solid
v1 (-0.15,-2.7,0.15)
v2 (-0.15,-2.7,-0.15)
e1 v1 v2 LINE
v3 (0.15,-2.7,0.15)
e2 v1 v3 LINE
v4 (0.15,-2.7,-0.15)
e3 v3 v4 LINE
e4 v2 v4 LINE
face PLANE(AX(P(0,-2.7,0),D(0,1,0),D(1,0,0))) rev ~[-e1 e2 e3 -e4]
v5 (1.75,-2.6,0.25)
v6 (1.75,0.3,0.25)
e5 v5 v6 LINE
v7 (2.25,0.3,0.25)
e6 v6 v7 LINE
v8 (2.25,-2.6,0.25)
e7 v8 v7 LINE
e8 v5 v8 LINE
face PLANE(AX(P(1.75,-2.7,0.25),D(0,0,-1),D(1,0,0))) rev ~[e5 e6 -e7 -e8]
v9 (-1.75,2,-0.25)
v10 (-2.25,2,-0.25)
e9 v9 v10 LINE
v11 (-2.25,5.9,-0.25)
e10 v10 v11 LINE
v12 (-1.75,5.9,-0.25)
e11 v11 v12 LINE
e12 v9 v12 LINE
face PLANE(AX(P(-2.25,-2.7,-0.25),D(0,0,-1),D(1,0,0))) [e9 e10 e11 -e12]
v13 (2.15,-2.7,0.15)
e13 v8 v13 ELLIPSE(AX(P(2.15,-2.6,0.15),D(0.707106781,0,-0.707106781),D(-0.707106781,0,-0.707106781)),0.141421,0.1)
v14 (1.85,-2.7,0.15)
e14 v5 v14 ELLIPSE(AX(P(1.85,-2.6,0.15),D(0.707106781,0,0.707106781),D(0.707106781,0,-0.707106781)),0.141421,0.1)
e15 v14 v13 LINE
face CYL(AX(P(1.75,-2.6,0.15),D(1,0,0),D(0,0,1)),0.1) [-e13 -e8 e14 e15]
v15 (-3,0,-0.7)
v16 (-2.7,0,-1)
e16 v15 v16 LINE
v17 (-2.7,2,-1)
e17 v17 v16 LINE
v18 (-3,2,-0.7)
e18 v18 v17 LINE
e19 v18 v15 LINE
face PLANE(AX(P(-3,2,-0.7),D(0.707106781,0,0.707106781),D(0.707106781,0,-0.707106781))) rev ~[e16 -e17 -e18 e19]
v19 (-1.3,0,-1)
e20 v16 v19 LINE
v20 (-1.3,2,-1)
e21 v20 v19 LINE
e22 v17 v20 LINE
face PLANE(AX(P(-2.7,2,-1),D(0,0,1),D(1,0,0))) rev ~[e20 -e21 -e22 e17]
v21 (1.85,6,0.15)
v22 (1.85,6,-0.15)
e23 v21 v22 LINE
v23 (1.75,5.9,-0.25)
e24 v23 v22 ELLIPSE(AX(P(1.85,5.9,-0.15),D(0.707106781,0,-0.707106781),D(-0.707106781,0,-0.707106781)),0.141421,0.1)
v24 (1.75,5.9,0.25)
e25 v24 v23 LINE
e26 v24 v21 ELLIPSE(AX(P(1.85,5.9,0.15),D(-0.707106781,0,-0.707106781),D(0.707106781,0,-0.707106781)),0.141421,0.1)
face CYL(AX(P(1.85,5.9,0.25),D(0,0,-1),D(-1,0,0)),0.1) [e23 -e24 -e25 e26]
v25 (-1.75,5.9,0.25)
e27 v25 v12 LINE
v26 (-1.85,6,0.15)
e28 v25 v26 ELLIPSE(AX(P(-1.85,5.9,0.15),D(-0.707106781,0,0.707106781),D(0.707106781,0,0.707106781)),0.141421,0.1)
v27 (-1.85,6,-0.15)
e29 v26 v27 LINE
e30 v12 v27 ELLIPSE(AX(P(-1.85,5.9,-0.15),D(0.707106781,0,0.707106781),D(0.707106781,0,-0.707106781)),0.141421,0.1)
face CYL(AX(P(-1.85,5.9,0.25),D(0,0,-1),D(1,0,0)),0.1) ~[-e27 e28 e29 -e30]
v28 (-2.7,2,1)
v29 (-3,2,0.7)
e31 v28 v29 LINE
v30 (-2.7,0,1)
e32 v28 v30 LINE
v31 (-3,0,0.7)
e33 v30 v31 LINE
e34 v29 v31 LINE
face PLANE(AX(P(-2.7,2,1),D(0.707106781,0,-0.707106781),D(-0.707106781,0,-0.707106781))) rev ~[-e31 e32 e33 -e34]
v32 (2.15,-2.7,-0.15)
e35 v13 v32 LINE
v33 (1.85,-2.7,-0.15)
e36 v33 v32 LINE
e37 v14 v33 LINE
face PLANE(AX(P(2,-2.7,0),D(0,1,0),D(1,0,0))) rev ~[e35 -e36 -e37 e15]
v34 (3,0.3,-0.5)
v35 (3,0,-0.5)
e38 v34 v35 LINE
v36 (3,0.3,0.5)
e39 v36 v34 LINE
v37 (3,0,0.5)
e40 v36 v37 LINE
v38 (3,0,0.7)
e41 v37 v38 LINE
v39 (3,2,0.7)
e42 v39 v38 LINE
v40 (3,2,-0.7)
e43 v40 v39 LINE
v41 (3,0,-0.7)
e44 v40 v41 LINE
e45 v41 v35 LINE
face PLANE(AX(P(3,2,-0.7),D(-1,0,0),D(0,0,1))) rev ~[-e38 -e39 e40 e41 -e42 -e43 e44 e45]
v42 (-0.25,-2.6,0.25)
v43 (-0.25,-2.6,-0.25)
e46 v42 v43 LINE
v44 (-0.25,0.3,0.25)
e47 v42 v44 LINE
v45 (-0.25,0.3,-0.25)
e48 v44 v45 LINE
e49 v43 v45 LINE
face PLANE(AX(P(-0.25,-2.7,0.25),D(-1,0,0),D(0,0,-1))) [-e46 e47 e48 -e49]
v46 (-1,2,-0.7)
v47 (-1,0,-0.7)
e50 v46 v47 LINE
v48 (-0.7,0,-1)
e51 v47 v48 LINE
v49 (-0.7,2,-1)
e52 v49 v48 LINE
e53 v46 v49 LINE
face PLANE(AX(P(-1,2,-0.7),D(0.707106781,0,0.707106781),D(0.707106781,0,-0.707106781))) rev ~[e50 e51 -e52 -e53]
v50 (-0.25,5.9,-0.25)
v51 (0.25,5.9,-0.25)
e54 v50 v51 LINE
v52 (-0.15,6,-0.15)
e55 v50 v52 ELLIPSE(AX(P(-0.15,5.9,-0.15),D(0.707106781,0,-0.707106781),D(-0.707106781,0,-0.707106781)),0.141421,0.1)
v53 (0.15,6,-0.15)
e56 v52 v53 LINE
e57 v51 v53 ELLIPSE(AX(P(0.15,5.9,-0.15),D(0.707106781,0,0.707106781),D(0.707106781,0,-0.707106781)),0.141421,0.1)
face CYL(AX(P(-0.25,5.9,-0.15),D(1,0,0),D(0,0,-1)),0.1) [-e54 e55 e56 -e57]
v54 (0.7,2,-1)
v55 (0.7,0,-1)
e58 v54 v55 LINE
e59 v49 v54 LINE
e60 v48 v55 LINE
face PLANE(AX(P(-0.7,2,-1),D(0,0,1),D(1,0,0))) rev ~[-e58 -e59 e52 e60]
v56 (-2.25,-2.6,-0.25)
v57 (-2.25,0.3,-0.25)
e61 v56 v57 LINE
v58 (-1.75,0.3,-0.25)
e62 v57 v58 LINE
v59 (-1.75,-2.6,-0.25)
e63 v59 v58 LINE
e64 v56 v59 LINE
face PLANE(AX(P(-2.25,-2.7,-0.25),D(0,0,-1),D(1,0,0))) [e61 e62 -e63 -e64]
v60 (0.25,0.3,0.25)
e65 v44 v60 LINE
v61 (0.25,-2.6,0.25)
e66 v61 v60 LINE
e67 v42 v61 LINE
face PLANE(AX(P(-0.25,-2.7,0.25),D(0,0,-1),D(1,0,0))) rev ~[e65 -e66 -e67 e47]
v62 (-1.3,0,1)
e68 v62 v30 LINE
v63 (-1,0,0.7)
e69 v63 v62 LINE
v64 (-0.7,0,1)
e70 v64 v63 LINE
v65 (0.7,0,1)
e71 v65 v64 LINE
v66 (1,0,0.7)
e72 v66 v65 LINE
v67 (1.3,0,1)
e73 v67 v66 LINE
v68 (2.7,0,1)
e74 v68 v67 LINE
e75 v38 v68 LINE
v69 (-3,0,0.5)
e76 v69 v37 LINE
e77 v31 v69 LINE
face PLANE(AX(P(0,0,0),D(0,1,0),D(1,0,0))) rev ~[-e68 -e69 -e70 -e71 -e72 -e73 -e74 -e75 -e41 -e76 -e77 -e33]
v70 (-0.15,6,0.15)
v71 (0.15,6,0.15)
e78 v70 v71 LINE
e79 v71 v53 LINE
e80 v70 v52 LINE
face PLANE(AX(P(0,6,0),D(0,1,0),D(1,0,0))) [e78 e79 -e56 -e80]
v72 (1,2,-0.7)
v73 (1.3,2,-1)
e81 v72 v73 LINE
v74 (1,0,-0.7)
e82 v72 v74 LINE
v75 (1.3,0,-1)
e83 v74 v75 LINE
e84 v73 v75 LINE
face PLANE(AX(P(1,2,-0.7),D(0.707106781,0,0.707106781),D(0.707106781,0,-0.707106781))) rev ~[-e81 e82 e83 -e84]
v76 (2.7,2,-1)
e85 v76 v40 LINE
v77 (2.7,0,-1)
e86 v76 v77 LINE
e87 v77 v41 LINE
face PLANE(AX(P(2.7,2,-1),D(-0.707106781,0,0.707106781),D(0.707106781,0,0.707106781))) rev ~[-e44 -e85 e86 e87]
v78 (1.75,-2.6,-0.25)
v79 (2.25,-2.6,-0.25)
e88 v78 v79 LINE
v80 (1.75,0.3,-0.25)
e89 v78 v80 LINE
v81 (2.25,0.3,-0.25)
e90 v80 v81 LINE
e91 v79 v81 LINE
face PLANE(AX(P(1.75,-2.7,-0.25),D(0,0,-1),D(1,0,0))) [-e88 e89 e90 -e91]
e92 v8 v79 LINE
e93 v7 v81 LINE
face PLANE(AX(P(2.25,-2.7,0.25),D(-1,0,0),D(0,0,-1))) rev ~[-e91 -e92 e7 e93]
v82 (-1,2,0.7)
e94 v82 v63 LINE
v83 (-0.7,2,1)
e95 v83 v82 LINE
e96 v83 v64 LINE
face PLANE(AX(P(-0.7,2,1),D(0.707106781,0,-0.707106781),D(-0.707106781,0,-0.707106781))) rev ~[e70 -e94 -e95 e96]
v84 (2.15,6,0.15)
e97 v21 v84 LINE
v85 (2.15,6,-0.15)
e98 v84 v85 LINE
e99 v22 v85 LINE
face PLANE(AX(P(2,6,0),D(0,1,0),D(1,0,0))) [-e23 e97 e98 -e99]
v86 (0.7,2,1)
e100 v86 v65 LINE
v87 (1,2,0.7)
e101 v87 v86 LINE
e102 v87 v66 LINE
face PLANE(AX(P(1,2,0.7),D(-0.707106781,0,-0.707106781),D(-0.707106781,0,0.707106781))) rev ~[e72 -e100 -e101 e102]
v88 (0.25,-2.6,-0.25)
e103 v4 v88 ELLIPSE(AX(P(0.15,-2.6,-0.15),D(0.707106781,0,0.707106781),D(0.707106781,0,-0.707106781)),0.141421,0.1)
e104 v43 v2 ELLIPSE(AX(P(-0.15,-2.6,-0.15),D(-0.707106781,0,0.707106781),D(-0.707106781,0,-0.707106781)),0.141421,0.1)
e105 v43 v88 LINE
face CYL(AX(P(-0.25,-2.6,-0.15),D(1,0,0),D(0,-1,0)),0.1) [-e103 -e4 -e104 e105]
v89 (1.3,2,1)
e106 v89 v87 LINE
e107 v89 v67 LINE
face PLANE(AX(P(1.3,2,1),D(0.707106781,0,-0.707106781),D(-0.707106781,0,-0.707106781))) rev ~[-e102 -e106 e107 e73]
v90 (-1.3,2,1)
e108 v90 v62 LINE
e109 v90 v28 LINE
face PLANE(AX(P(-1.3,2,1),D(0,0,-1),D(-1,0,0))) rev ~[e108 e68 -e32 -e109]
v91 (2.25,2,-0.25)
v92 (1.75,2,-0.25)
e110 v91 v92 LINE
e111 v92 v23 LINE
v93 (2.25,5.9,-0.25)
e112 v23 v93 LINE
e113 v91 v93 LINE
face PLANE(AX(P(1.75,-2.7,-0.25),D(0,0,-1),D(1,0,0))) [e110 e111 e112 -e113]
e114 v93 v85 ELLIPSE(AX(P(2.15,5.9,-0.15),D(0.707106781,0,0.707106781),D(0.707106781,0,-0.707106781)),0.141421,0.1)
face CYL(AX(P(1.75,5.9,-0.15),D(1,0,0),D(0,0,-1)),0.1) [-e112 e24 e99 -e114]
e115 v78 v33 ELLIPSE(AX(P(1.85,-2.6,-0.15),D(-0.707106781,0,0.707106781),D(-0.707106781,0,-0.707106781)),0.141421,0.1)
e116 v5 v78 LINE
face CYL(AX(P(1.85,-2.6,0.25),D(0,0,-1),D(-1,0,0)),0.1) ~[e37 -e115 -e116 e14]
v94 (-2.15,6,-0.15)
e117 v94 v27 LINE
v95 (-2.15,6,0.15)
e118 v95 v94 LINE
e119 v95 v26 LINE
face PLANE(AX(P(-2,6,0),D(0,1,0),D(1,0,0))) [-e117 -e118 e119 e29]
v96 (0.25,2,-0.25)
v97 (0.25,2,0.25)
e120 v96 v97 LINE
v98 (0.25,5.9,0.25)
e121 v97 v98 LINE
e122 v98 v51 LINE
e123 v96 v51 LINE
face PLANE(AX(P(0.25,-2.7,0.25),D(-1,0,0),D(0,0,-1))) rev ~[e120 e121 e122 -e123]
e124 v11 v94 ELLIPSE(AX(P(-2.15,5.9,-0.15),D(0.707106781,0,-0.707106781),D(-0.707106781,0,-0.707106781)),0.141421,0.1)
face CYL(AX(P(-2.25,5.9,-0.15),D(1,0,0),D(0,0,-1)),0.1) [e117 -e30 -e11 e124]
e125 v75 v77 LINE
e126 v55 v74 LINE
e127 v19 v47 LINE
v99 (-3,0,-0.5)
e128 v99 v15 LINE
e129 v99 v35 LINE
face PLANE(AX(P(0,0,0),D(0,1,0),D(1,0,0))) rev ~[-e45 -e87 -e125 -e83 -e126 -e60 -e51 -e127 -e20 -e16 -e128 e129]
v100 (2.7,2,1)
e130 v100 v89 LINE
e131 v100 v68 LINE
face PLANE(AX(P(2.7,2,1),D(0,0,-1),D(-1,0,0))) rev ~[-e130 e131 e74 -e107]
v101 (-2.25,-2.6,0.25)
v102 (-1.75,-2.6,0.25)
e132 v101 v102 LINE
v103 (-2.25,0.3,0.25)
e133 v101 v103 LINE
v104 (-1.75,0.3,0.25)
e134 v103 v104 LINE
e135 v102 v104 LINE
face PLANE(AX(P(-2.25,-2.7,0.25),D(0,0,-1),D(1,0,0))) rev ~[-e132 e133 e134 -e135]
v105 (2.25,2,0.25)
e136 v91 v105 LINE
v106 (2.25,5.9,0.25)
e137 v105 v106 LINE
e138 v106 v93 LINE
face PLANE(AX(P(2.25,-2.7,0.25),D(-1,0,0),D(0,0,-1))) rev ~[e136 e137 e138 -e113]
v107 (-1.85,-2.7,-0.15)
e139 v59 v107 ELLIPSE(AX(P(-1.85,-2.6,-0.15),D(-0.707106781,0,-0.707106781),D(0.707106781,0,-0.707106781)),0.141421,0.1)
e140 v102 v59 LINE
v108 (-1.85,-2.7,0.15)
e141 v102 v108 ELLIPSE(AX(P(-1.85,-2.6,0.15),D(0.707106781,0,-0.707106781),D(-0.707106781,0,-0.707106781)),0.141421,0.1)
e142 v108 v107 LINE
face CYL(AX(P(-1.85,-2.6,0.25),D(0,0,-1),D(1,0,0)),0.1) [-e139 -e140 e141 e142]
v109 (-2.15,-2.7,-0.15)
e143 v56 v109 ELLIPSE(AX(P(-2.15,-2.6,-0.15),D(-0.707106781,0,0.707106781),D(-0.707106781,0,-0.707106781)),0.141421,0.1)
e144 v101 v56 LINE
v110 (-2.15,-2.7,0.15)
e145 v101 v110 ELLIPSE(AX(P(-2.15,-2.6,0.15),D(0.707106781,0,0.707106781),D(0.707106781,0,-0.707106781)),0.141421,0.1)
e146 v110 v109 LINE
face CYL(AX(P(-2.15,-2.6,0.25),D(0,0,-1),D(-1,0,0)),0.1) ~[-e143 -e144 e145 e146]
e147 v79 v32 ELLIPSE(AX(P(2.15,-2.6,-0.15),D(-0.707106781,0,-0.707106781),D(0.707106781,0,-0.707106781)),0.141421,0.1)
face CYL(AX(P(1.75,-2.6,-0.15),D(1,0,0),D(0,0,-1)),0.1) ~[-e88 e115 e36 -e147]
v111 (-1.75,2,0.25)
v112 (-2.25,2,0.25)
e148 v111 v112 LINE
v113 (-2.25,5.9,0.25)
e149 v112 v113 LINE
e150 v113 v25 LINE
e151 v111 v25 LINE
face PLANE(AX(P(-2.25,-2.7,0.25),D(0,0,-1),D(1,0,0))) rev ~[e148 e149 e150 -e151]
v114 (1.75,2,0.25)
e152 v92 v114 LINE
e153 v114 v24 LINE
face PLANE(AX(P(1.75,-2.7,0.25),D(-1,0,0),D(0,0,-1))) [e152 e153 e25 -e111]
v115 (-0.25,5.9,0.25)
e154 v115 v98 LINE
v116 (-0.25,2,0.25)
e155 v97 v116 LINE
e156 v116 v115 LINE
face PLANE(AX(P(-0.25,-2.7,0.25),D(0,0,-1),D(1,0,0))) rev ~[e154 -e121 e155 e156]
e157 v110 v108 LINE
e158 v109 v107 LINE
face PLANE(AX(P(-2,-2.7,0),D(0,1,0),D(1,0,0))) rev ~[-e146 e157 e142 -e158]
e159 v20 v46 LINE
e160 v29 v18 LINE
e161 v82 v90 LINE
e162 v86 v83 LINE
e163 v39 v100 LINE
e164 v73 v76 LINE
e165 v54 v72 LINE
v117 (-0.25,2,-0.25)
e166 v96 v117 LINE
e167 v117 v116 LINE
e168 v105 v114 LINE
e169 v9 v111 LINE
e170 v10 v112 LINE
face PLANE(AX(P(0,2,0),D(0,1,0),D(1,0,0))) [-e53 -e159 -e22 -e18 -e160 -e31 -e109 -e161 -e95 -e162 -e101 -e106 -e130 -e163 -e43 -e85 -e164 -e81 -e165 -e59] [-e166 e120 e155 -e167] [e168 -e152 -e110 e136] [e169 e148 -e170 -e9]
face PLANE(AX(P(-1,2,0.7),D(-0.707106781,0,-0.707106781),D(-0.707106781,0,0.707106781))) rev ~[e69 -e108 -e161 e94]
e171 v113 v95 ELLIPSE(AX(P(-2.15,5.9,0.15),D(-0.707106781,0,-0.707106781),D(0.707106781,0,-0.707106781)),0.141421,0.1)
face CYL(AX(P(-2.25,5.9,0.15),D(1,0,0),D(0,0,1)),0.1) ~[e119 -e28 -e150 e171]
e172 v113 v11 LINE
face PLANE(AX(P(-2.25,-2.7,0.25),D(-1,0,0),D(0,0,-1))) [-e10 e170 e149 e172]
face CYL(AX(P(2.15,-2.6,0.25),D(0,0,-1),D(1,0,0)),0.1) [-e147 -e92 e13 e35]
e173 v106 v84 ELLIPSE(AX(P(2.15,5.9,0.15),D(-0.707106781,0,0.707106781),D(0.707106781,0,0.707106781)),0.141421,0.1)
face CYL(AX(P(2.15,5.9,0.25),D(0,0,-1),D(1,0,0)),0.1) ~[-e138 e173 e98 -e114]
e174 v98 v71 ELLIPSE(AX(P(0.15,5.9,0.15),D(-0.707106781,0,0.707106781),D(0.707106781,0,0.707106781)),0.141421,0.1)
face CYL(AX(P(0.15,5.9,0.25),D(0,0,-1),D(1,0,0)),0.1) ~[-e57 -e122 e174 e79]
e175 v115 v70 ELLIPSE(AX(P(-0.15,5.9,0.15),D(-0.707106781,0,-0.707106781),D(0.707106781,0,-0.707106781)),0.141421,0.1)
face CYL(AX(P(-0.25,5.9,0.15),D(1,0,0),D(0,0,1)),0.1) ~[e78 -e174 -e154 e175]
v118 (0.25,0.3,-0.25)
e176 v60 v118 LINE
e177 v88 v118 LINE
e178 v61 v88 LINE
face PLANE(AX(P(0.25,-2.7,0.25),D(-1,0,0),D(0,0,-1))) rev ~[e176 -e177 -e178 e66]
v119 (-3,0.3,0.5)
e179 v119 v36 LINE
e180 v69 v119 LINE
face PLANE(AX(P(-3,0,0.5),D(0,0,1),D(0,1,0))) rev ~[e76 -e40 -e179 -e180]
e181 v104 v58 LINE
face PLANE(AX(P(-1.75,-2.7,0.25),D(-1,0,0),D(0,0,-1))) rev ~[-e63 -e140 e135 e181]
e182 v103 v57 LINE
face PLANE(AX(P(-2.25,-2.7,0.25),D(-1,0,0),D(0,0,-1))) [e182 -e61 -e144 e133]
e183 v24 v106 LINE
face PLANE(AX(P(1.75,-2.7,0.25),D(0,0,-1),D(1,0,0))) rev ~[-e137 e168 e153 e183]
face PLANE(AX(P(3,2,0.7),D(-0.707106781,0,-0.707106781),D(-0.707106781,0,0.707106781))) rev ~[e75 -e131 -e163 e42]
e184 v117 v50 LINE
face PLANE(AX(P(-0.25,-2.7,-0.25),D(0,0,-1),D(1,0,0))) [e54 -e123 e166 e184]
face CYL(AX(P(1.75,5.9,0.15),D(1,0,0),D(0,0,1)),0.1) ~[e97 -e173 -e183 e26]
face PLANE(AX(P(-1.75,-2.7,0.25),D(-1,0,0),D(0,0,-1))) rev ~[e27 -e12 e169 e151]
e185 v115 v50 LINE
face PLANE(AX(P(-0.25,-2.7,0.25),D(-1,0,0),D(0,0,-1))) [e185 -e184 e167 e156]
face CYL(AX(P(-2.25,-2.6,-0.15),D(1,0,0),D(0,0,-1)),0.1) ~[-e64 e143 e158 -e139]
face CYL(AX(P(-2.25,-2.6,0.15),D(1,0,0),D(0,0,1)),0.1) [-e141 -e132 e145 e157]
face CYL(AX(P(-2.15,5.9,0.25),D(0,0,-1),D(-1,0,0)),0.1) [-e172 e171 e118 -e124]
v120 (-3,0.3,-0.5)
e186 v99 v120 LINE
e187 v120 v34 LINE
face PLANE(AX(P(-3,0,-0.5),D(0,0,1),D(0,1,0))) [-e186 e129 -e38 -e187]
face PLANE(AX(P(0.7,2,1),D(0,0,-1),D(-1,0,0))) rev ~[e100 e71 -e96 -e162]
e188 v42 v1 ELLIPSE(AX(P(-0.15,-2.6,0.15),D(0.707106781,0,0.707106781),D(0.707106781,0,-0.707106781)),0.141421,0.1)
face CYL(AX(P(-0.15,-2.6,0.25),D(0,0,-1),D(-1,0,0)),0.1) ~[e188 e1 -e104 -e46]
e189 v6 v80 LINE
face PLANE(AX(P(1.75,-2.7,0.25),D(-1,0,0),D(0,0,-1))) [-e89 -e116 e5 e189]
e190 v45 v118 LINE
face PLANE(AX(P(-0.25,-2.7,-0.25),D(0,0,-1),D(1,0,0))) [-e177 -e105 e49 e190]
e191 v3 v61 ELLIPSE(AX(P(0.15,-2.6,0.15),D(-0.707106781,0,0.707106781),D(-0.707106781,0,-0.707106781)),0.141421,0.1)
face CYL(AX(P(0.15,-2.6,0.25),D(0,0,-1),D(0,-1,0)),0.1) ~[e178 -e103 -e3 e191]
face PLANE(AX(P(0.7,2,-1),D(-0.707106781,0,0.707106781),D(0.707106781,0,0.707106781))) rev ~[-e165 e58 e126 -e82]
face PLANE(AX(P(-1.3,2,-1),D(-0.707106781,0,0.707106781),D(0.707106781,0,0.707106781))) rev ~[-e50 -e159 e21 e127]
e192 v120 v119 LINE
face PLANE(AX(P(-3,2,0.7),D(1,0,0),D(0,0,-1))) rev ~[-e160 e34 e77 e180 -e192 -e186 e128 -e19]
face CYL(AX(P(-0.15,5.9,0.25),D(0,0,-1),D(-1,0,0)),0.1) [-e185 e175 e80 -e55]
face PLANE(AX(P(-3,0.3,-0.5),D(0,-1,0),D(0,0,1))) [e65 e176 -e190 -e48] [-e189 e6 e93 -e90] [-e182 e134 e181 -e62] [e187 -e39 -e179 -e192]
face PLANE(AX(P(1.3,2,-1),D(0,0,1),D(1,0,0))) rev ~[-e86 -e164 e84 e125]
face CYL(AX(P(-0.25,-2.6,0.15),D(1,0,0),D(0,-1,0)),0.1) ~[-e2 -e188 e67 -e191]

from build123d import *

# Parameters (mm, degrees)
SZKIC1_W                         = 6
SZKIC1_H                         = 2
DODANIE_WYCI_GNI_CIE1_DEPTH      = 2
SZKIC2_W                         = 8
SZKIC2_H                         = 4
WYTNIJ_WYCI_GNI_CIE1_DEPTH       = 2
WYTNIJ_WYCI_GNI_CIE2_REACH       = 8.403
SZKIC4_W                         = 1
SZKIC4_H                         = 0.3
DODANIE_WYCI_GNI_CIE2_DEPTH      = 6
DODANIE_WYCI_GNI_CIE2_DEPTH_BACK = 2.7
SZKIC3_W                         = 0.5
SZKIC3_H                         = 0.5
ZAOKR_GLENIE1_R                  = 0.1


with BuildPart() as part:
    # Szkic1 → Dodanie-wyciągnięcie1 (new body)
    with BuildSketch(Plane(origin=(0, 0, 0), x_dir=(1, 0, 0), z_dir=(0, 1, 0))):
        Rectangle(SZKIC1_W, SZKIC1_H)
    extrude(amount=DODANIE_WYCI_GNI_CIE1_DEPTH)

    # Szkic2 → Wytnij-wyciągnięcie1 (cut)
    with BuildSketch(Plane(origin=(0, 2, 0), x_dir=(1, 0, 0), z_dir=(0, 1, 0))):
        Rectangle(SZKIC2_W, SZKIC2_H)
        Polygon((2.7, 1), (3, 0.7), (3, -0.7), (2.7, -1), (1.3, -1), (1, -0.7), (0.7, -1), (-0.7, -1), (-1, -0.7), (-1.3, -1), (-2.7, -1), (-3, -0.7), (-3, 0.7), (-2.7, 1), (-1.3, 1), (-1, 0.7), (-0.7, 1), (0.7, 1), (1, 0.7), (1.3, 1), align=None, mode=Mode.SUBTRACT)
    extrude(amount=-WYTNIJ_WYCI_GNI_CIE1_DEPTH, mode=Mode.SUBTRACT)

    # Szkic4 → Wytnij-wyciągnięcie2 (cut, up to next)
    with BuildSketch(Plane.ZY.offset(3), mode=Mode.PRIVATE) as wytnij_wyci_gni_cie2_sk1:
        with Locations((0, 0.15)):
            Rectangle(SZKIC4_W, SZKIC4_H)
    wytnij_wyci_gni_cie2_tool1 = extrude(wytnij_wyci_gni_cie2_sk1.sketch, amount=-WYTNIJ_WYCI_GNI_CIE2_REACH, mode=Mode.PRIVATE) & part.part
    add(wytnij_wyci_gni_cie2_tool1.solids().sort_by_distance((-3, 0.15, 0))[0], mode=Mode.SUBTRACT)

    # Szkic3 → Dodanie-wyciągnięcie2 (add, two sides: drawn at the far end of the back side and taken through both)
    with BuildSketch(Plane(origin=(0, 0, 0), x_dir=(1, 0, 0), z_dir=(0, 1, 0)).offset(-DODANIE_WYCI_GNI_CIE2_DEPTH_BACK)):
        Rectangle(SZKIC3_W, SZKIC3_H)
        with Locations((2, 0)):
            Rectangle(SZKIC3_W, SZKIC3_H)
        with Locations((-2, 0)):
            Rectangle(SZKIC3_W, SZKIC3_H)
    extrude(amount=DODANIE_WYCI_GNI_CIE2_DEPTH + DODANIE_WYCI_GNI_CIE2_DEPTH_BACK)

    # Zaokrąglenie1
    zaokr_glenie1_edges = [part.edges().sort_by_distance(p)[0] for p in [
        (-0.25, -2.7, 0),
        (0, -2.7, -0.25),
        (0.25, -2.7, 0),
        (0, -2.7, 0.25),
        (-0.25, 6, 0),
        (0, 6, 0.25),
        (0.25, 6, 0),
        (0, 6, -0.25),
        (1.75, -2.7, 0),
        (2, -2.7, -0.25),
        (2.25, -2.7, 0),
        (2, -2.7, 0.25),
        (1.75, 6, 0),
        (2, 6, 0.25),
        (2.25, 6, 0),
        (2, 6, -0.25),
        (-2.25, -2.7, 0),
        (-2, -2.7, -0.25),
        (-1.75, -2.7, 0),
        (-2, -2.7, 0.25),
        (-2.25, 6, 0),
        (-2, 6, 0.25),
        (-1.75, 6, 0),
        (-2, 6, -0.25),
    ]]
    fillet(zaokr_glenie1_edges, radius=ZAOKR_GLENIE1_R)


solid = part.part
